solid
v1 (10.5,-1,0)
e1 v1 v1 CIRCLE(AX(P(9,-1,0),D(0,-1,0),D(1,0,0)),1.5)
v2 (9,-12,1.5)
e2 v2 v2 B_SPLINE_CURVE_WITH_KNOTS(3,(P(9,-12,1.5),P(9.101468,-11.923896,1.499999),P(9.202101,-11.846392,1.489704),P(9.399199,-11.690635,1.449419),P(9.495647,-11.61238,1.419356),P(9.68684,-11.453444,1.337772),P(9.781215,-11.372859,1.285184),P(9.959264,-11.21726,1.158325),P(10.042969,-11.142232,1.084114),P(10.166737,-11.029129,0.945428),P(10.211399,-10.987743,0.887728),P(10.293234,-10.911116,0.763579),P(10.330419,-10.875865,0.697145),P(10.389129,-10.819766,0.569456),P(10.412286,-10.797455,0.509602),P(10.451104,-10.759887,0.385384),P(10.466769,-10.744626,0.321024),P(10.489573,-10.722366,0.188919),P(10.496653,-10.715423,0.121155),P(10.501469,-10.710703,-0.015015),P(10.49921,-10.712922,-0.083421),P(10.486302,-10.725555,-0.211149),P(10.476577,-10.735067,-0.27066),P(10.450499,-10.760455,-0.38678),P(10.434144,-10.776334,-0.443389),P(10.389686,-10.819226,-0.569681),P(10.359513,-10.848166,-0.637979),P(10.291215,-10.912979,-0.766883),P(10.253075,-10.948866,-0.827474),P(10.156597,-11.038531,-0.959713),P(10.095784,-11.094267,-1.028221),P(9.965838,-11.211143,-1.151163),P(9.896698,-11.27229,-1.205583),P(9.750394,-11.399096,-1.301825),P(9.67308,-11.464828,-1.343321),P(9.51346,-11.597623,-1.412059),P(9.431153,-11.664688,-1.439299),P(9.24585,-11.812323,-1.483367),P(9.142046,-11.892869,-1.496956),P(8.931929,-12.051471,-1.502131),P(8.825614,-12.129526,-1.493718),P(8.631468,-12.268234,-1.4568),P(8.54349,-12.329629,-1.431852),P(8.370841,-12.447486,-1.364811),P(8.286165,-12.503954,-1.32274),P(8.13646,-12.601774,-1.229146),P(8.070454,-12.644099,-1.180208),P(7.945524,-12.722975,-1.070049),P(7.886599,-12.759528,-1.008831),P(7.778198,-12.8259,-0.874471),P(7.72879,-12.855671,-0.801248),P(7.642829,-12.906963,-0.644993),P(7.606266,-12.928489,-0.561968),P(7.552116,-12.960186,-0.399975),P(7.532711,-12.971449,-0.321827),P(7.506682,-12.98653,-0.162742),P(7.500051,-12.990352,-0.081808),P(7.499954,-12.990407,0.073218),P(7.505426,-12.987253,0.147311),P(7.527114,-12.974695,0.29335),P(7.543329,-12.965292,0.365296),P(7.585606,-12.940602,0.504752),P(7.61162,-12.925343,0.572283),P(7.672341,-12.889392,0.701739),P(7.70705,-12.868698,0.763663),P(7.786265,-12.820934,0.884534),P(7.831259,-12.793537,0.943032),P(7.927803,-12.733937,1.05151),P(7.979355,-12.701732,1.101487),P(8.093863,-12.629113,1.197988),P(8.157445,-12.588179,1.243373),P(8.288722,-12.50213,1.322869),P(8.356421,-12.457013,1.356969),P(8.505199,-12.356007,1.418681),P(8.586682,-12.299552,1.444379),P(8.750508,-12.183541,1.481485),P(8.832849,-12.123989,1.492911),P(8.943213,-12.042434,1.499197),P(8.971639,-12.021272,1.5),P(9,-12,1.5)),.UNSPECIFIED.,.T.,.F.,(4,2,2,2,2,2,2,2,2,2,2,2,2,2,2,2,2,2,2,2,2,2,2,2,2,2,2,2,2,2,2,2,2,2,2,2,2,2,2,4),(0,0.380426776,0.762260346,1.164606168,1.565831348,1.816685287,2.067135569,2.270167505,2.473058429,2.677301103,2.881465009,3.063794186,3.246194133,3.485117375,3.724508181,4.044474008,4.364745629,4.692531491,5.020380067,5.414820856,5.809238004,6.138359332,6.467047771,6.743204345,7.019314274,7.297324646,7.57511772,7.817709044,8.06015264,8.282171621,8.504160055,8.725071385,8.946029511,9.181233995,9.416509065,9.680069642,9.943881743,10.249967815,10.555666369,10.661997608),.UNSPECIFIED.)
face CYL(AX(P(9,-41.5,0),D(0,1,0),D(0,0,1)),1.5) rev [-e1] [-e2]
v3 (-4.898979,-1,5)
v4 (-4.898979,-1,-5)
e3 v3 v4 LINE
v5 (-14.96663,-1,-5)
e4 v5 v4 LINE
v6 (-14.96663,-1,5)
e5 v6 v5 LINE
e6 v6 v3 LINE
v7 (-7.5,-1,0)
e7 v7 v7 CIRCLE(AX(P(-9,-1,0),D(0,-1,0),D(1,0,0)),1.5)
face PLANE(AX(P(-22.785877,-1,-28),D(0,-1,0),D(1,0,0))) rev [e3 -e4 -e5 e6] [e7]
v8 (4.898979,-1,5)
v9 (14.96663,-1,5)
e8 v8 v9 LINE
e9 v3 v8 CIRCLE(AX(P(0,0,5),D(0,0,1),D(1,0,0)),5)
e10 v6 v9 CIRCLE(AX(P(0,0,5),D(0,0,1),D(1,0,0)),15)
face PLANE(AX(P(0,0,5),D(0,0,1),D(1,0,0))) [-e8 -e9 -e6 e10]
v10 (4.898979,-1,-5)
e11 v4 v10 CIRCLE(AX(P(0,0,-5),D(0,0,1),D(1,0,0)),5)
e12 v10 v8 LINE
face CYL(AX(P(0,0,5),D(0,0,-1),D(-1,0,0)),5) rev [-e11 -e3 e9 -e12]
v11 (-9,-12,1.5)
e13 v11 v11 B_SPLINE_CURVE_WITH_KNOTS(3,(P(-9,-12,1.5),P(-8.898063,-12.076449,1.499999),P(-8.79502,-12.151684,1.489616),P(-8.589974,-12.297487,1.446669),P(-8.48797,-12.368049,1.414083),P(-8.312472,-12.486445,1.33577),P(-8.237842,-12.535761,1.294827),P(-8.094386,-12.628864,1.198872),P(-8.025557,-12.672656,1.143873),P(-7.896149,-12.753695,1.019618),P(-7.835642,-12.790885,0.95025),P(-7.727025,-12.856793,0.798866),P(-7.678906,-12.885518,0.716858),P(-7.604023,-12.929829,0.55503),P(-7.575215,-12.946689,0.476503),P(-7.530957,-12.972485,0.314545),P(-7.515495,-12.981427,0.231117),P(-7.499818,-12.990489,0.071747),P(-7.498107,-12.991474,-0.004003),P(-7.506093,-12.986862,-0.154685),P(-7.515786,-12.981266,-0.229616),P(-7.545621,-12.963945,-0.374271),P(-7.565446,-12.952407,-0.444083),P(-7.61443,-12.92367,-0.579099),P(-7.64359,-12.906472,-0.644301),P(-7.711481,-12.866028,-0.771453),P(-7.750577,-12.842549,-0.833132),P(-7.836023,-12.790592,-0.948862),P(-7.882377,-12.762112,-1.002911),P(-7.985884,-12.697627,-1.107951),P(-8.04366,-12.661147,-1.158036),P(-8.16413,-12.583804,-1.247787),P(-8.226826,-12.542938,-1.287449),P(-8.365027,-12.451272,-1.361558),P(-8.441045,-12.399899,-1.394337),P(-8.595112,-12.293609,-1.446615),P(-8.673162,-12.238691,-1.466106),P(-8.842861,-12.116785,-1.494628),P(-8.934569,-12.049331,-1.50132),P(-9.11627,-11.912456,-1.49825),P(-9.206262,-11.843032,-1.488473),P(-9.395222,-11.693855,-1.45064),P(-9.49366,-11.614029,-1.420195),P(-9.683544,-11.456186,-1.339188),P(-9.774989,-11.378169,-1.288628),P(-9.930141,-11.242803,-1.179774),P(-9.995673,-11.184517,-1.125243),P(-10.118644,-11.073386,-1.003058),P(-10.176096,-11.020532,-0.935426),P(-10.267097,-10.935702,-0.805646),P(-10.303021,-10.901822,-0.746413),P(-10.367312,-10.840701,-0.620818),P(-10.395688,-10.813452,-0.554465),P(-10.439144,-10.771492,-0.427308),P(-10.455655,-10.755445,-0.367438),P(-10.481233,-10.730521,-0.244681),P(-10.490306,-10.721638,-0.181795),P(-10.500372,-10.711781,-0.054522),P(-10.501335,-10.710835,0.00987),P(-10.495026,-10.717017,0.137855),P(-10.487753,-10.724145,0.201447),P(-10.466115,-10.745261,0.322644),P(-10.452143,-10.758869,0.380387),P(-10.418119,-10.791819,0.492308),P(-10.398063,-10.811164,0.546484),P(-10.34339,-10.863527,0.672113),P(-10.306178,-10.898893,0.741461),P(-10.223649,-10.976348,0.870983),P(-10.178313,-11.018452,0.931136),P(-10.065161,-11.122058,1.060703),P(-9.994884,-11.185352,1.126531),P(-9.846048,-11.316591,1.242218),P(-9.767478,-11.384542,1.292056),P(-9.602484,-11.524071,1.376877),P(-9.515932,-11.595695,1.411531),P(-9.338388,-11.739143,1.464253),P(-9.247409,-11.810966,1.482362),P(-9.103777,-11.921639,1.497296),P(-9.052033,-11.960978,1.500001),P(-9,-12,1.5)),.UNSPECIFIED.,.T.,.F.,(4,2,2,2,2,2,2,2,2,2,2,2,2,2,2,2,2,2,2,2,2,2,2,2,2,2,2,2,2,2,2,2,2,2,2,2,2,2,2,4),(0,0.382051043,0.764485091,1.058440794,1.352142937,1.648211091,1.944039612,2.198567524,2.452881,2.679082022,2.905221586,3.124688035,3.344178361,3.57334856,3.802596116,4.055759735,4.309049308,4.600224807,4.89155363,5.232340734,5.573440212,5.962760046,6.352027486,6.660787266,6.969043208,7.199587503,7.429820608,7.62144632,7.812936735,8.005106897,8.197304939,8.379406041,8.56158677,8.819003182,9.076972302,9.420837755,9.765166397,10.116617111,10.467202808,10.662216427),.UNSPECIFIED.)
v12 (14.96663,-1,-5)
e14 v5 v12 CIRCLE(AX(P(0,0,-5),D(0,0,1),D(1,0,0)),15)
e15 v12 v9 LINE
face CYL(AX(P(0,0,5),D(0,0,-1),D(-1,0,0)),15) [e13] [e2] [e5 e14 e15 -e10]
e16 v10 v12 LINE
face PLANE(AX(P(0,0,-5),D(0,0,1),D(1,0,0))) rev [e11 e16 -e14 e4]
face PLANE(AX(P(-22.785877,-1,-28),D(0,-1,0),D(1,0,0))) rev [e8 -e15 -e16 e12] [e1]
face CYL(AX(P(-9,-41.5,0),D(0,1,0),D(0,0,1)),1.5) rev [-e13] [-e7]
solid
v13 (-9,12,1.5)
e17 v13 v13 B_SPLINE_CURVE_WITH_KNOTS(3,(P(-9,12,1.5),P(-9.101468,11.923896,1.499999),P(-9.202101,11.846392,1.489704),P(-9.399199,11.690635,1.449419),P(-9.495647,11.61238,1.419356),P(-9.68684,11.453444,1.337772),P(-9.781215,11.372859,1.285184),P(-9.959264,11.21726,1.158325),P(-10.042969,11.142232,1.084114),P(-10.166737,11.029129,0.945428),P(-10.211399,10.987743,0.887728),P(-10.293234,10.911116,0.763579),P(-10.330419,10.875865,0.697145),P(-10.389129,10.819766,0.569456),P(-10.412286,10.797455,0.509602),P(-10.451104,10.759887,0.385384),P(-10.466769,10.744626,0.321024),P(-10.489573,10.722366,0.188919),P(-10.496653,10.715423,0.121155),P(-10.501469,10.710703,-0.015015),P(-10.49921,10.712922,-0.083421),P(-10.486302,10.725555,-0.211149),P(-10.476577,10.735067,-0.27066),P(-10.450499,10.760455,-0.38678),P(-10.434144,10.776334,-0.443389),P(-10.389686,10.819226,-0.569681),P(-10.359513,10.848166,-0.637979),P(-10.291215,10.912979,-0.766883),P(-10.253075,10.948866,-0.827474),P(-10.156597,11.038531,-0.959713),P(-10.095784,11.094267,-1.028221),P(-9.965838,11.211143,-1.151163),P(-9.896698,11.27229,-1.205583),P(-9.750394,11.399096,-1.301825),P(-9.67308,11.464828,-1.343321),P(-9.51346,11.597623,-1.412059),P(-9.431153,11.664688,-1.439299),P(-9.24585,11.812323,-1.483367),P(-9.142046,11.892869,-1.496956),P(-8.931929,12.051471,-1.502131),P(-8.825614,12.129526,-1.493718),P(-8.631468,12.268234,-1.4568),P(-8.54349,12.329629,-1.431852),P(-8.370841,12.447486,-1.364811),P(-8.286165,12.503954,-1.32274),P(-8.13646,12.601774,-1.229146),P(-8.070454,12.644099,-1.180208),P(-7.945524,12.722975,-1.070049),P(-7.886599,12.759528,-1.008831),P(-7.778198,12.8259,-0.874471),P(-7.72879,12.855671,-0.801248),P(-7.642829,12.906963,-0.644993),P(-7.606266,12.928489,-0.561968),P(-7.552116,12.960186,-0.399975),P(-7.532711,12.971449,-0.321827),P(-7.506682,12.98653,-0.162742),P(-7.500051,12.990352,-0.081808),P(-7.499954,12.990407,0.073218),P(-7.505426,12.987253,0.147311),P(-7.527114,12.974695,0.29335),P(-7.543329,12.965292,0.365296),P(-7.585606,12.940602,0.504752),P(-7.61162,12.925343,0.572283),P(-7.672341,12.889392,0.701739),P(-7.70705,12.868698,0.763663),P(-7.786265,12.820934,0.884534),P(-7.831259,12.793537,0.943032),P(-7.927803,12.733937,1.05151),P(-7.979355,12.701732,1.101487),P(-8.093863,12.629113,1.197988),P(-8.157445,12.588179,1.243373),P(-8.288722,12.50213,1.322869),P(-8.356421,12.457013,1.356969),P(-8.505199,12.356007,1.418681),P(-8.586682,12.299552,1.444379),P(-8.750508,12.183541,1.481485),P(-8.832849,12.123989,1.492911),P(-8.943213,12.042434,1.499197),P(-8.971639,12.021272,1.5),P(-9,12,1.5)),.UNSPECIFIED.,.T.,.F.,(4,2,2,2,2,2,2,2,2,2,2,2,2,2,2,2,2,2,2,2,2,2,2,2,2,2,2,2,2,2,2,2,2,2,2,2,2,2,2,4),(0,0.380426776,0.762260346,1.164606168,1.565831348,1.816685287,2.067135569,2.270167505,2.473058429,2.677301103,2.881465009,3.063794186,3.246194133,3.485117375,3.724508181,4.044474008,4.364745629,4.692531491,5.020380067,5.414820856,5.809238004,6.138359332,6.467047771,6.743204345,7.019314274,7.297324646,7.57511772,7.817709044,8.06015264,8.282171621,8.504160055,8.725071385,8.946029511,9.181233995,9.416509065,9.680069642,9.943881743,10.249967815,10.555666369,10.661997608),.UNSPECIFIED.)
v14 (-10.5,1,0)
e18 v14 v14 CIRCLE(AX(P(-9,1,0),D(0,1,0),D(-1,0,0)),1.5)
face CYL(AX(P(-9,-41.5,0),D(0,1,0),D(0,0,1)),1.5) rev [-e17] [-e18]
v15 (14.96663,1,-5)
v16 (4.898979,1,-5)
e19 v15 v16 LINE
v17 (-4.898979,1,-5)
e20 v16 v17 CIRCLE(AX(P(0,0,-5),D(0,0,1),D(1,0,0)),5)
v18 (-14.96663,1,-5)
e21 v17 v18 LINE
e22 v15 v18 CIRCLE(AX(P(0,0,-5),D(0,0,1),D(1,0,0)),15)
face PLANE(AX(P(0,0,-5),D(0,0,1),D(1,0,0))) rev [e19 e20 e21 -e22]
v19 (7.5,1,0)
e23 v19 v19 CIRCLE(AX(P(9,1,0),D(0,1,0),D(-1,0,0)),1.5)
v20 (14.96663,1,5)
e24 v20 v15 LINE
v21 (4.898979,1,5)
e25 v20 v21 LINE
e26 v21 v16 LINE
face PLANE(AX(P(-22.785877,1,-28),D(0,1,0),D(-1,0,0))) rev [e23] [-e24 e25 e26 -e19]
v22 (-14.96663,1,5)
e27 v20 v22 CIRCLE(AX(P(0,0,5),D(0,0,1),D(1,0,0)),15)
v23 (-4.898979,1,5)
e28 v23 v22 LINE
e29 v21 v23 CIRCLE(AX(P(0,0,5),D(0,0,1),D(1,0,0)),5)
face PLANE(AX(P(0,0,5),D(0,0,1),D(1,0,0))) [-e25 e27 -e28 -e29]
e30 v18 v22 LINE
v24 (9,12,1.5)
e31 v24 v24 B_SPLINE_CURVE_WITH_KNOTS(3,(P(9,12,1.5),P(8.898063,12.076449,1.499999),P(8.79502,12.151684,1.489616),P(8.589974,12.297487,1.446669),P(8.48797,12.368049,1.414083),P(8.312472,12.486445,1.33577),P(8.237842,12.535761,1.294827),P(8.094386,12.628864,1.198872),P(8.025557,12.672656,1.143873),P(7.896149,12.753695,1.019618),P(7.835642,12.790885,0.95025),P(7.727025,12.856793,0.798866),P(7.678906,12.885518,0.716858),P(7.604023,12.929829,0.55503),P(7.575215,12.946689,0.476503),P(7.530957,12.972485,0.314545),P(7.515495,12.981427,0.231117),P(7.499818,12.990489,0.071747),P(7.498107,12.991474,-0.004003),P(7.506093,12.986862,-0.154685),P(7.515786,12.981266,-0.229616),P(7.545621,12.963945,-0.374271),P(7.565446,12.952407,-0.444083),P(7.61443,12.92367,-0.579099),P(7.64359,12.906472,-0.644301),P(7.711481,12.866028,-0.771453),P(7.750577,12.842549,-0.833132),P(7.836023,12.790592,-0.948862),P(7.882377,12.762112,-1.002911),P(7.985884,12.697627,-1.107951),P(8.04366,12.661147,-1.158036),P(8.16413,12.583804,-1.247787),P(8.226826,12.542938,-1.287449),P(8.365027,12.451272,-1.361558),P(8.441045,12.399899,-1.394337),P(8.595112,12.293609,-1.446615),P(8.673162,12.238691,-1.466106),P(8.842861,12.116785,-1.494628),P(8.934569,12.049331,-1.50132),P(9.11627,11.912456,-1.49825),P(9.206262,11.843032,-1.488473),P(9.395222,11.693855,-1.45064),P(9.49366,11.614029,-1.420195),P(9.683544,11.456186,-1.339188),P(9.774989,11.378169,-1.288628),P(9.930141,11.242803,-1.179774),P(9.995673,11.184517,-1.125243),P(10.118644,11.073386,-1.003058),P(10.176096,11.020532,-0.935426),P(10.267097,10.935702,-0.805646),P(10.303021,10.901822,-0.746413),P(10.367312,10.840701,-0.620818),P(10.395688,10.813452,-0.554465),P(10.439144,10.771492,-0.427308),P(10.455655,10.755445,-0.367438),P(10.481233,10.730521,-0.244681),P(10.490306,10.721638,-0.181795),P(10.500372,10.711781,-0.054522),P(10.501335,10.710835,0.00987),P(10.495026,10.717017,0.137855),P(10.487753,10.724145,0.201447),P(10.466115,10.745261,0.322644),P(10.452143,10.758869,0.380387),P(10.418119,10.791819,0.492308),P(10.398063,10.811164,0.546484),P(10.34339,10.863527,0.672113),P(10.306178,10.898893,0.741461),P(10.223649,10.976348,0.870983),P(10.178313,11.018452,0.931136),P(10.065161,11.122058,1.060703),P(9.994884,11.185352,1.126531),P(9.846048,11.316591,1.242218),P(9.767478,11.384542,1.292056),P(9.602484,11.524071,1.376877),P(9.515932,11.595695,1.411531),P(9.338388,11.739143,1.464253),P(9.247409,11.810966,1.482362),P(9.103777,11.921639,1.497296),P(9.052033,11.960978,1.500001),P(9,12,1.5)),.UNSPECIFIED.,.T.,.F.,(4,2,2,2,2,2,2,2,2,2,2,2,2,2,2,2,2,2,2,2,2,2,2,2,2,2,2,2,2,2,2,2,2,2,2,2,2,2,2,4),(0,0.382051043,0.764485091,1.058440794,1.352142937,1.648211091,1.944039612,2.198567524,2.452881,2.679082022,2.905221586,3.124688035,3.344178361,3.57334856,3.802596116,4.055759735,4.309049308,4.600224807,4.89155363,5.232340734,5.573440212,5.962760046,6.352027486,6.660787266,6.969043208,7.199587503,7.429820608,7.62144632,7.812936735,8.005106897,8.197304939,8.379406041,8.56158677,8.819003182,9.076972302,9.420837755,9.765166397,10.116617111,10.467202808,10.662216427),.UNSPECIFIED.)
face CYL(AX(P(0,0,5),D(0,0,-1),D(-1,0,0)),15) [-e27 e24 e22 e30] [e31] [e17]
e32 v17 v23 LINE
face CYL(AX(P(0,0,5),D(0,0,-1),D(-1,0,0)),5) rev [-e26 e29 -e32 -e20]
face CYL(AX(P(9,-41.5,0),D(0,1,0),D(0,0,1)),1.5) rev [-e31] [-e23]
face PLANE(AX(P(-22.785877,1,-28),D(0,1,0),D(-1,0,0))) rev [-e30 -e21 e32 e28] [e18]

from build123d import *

# Parameters (mm, degrees)
SKETCH_1_R          = 15
SKETCH_1_R_2        = 5
EXTRUDE_1_DEPTH     = 5
SKETCH_2_W          = 45.571754554
SKETCH_2_H          = 2
CUT_EXTRUDE_1_DEPTH = 33
SKETCH_4_R          = 1.5
CUT_EXTRUDE_2_DEPTH = 41.5


with BuildPart() as part:
    # 草图1 → 凸台-拉伸1 (new, symmetric)
    with BuildSketch(Plane.XY):
        Circle(SKETCH_1_R)
        Circle(SKETCH_1_R_2, mode=Mode.SUBTRACT)
    extrude(amount=EXTRUDE_1_DEPTH, both=True)

    # 草图2 → 切除-拉伸1 (cut)
    with BuildSketch(Plane.XY.offset(5)):
        Rectangle(SKETCH_2_W, SKETCH_2_H)
    extrude(amount=-CUT_EXTRUDE_1_DEPTH, mode=Mode.SUBTRACT)


with BuildPart() as cut_extrude_1_piece_1:
    # of the separate pieces the step leaves, piece 1, a body of its own (cut_extrude_1_pieces)
    add(part.part.solids().sort_by_distance((14.966629547, 1, -5))[0])


with BuildPart() as cut_extrude_1_piece_2:
    # of the separate pieces the step leaves, piece 2, a body of its own (cut_extrude_1_pieces)
    add(part.part.solids().sort_by_distance((-14.966629547, -1, -5))[0])


with BuildPart() as cut_extrude_2_tool:
    # 草图4 → 切除-拉伸2 (new, symmetric)
    with BuildSketch(Plane(origin=(0, 0, 0), x_dir=(1, 0, 0), z_dir=(0, 1, 0))):
        with Locations(Location((9, 0, 0), (0, 0, 270))):
            Circle(SKETCH_4_R)
        with Locations(Location((-9, 0, 0), (0, 0, 270))):
            Circle(SKETCH_4_R)
    extrude(amount=CUT_EXTRUDE_2_DEPTH, both=True)


with BuildPart() as cut_extrude_1_piece_1_1:
    add(cut_extrude_1_piece_1.part)

    # 切除-拉伸2: cut by cut_extrude_2_tool
    add(cut_extrude_2_tool.part, mode=Mode.SUBTRACT)


with BuildPart() as cut_extrude_1_piece_2_1:
    add(cut_extrude_1_piece_2.part)

    # 切除-拉伸2: cut by cut_extrude_2_tool
    add(cut_extrude_2_tool.part, mode=Mode.SUBTRACT)


solid = Compound([cut_extrude_1_piece_1_1.part, cut_extrude_1_piece_2_1.part])
